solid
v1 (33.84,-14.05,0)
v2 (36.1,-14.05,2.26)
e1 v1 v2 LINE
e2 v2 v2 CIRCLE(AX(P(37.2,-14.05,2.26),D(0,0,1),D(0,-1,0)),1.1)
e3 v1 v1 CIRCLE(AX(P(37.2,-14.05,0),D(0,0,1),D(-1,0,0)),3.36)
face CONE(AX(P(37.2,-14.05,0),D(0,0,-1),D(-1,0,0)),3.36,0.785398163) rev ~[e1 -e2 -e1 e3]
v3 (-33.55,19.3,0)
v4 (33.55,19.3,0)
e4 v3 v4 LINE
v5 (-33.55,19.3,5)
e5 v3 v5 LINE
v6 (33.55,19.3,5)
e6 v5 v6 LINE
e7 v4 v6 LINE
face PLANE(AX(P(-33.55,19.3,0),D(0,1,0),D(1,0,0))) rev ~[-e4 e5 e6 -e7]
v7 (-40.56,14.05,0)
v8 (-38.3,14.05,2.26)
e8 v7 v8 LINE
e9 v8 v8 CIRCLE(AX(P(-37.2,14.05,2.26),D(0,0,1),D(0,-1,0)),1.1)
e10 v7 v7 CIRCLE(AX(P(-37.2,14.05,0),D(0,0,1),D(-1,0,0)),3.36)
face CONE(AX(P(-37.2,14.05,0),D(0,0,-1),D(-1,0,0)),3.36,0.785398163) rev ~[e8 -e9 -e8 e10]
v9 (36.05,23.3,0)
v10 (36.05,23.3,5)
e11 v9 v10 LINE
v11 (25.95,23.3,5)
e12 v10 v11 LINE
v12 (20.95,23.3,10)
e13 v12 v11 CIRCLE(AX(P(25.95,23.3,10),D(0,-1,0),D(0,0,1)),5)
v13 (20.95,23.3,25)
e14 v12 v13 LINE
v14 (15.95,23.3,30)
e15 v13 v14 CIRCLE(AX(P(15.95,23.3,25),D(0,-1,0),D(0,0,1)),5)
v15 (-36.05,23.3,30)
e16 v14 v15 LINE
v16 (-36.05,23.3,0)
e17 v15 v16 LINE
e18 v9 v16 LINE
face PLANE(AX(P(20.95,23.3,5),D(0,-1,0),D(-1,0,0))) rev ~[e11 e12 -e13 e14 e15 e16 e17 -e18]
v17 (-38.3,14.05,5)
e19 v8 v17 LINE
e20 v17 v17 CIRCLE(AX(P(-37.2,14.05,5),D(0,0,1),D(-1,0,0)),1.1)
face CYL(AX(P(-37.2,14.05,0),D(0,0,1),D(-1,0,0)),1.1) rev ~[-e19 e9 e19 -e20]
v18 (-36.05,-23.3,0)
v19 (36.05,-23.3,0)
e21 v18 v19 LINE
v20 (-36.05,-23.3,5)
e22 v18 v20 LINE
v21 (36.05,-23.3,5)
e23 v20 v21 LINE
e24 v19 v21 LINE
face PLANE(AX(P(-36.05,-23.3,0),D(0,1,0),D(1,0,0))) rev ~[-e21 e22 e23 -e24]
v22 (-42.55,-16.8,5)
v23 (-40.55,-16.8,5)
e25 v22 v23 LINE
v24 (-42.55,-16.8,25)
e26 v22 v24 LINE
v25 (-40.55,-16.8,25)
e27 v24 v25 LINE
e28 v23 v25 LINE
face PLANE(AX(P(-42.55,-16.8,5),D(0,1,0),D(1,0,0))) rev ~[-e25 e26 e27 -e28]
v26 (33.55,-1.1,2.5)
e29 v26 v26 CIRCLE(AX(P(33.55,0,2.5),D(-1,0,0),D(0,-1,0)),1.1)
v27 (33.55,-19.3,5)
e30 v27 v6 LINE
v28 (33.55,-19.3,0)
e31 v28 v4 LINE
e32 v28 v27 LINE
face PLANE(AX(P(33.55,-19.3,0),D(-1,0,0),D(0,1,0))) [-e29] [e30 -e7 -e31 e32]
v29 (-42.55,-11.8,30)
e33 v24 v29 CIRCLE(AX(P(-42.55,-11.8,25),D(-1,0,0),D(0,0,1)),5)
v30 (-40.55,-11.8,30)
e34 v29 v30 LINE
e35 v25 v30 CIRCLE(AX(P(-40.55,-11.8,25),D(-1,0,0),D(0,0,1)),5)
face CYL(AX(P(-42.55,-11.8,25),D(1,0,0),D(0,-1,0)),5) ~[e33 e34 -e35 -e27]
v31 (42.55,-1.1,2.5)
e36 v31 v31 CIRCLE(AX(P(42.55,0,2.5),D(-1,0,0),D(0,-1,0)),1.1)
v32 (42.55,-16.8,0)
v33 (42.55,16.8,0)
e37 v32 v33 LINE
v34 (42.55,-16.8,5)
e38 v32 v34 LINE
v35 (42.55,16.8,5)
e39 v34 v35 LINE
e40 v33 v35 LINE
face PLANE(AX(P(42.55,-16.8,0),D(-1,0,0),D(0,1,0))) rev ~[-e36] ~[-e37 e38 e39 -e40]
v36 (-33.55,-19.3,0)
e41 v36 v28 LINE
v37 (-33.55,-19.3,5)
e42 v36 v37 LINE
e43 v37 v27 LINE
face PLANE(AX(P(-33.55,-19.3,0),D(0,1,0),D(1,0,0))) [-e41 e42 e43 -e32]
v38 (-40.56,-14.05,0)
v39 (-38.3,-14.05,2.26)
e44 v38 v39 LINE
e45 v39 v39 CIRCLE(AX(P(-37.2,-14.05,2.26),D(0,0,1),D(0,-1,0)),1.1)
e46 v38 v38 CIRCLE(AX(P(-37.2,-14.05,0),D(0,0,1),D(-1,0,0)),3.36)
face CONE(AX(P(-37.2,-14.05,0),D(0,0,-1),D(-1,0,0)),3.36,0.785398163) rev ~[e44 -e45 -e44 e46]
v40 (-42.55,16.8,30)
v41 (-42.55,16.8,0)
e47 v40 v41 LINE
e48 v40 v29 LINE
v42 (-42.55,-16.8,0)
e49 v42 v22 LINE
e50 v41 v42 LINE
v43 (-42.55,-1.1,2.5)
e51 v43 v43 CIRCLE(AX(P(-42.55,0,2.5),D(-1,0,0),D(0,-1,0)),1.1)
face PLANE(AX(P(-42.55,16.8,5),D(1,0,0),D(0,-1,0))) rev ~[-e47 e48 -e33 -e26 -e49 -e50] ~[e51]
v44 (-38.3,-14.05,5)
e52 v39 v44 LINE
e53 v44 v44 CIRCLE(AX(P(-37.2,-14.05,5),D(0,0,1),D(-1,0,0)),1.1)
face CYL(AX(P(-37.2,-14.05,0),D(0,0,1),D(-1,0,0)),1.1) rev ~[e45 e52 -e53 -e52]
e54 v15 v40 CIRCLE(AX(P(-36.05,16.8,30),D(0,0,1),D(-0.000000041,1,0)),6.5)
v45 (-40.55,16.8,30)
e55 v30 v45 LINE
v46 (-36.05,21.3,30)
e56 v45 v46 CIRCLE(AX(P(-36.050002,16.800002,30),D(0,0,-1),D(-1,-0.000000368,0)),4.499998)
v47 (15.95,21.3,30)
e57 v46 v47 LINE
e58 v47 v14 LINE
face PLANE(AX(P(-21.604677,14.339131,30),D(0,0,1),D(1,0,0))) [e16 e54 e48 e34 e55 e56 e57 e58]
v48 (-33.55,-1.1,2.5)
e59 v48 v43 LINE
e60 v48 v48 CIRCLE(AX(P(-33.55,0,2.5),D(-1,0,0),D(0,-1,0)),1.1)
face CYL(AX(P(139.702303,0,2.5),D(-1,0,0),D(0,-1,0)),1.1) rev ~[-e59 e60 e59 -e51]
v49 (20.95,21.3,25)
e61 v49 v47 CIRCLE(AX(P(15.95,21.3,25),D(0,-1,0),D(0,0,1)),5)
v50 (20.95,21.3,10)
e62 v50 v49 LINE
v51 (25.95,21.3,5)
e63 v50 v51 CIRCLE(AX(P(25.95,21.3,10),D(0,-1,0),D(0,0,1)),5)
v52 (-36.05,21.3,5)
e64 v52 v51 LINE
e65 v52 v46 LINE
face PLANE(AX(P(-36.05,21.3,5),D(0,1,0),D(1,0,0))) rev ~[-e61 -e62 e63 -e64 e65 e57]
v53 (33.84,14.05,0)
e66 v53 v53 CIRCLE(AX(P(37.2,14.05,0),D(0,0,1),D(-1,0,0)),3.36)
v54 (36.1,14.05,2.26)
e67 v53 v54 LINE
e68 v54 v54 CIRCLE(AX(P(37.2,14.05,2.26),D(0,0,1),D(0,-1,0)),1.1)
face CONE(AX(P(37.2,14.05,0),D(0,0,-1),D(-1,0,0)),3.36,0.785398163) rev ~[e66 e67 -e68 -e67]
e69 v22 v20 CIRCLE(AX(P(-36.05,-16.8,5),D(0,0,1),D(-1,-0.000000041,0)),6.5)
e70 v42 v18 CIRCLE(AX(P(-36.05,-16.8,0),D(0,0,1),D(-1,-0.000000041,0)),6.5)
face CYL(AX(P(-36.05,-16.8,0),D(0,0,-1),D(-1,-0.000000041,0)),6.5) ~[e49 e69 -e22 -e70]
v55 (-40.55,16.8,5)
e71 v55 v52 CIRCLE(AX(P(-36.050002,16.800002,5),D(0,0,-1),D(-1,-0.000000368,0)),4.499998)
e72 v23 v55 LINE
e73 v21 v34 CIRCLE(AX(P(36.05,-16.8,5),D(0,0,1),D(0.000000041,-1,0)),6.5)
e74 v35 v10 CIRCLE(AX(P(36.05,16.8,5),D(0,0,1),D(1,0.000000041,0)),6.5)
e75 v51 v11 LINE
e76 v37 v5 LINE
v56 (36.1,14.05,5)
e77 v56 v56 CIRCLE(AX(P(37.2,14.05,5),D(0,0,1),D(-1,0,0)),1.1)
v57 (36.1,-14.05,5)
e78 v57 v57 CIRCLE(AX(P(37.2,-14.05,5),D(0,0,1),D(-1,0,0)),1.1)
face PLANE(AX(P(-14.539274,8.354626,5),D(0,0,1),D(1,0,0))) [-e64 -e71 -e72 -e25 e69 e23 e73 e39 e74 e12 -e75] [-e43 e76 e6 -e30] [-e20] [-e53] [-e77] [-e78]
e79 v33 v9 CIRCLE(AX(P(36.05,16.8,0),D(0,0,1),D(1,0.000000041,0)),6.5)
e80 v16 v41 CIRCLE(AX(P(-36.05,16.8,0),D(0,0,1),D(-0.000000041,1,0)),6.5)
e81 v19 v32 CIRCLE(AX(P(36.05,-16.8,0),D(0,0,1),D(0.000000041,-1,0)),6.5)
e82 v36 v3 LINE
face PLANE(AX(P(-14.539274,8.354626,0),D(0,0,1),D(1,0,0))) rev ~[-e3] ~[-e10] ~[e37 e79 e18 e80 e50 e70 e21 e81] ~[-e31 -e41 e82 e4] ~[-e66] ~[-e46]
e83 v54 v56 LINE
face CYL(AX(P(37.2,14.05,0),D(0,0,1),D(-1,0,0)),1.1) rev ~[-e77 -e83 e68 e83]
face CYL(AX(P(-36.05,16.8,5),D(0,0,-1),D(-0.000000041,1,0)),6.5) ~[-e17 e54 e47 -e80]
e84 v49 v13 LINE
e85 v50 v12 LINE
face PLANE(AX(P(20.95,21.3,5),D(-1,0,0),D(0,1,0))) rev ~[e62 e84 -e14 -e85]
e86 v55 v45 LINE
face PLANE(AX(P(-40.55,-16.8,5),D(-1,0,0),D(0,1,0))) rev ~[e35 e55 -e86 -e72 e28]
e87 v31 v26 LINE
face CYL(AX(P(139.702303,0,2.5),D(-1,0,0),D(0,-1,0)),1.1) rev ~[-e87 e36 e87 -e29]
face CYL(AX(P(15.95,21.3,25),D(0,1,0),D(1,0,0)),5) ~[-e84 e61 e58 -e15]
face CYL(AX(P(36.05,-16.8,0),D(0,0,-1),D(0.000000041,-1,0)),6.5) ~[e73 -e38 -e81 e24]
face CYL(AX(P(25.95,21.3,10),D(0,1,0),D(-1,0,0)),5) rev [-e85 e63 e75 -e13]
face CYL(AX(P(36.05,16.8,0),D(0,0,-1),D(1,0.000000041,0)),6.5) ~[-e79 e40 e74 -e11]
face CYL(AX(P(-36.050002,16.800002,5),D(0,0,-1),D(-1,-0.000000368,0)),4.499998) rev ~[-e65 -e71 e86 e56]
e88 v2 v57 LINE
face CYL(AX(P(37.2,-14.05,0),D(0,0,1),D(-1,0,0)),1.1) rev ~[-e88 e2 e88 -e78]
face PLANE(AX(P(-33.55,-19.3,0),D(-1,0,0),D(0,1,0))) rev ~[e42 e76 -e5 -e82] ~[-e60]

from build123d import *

# Parameters (mm, degrees)
F0_W           = 67.1
F0_H           = 38.6
F1_DEPTH       = 5
F2_DEPTH       = 5
F3_D           = 2.2
F3_CSINK_D     = 6.72
F3_CSINK_ANGLE = 90
F5_D           = 2.2
F7_DEPTH       = 25
F8_R           = 5


with BuildPart() as f1:
    # F0 (on Top) → F1 (new body)
    with BuildSketch(Plane.XY):
        with BuildLine():
            ThreePointArc((40.55, 16.8), (39.231981, 19.981981), (36.05, 21.3))
            Line((36.05, 21.3), (-36.05, 21.3))
            ThreePointArc((-36.05, 21.3), (-39.231981, 19.981981), (-40.55, 16.8))
            Line((-40.55, 16.8), (-40.55, -16.8))
            ThreePointArc((-40.55, -16.8), (-39.231981, -19.981981), (-36.05, -21.3))
            Line((-36.05, -21.3), (-14.45, -21.3))
            Line((-14.45, -21.3), (36.05, -21.3))
            ThreePointArc((36.05, -21.3), (39.231981, -19.981981), (40.55, -16.8))
            Line((40.55, -16.8), (40.55, 16.8))
        make_face()
        Rectangle(F0_W, F0_H, mode=Mode.SUBTRACT)
    extrude(amount=F1_DEPTH)

    # F0 (on Top) → F2 (join)
    with BuildSketch(Plane.XY):
        with BuildLine():
            Line((-36.05, 21.3), (36.05, 21.3))
            ThreePointArc((36.05, 21.3), (39.231981, 19.981981), (40.55, 16.8))
            Line((40.55, 16.8), (42.55, 16.8))
            ThreePointArc((42.55, 16.8), (40.646194, 21.396194), (36.05, 23.3))
            Line((36.05, 23.3), (-36.05, 23.3))
            ThreePointArc((-36.05, 23.3), (-40.646194, 21.396194), (-42.55, 16.8))
            Line((-42.55, 16.8), (-42.55, -16.8))
            ThreePointArc((-42.55, -16.8), (-40.646194, -21.396194), (-36.05, -23.3))
            Line((-36.05, -23.3), (-14.45, -23.3))
            Line((-14.45, -23.3), (-14.45, -21.3))
            Line((-14.45, -21.3), (-36.05, -21.3))
            ThreePointArc((-36.05, -21.3), (-39.231981, -19.981981), (-40.55, -16.8))
            Line((-40.55, -16.8), (-40.55, 16.8))
            ThreePointArc((-40.55, 16.8), (-39.231981, 19.981981), (-36.05, 21.3))
        make_face()
        with BuildLine():
            Line((42.55, 16.8), (40.55, 16.8))
            Line((40.55, 16.8), (40.55, -16.8))
            ThreePointArc((40.55, -16.8), (39.231981, -19.981981), (36.05, -21.3))
            Line((36.05, -21.3), (-14.45, -21.3))
            Line((-14.45, -21.3), (-14.45, -23.3))
            Line((-14.45, -23.3), (36.05, -23.3))
            ThreePointArc((36.05, -23.3), (40.646194, -21.396194), (42.55, -16.8))
            Line((42.55, -16.8), (42.55, 16.8))
        make_face()
    extrude(amount=F2_DEPTH)

    # F3 (through all)
    with Locations(Plane(origin=(0, 0, 0), x_dir=(1, 0, 0), z_dir=(0, 0, -1))):
        with Locations((37.2, 14.05), (37.2, -14.05), (-37.2, -14.05), (-37.2, 14.05)):
            CounterSinkHole(F3_D / 2, F3_CSINK_D / 2, counter_sink_angle=F3_CSINK_ANGLE)

    # F5 (through all)
    with Locations(Plane.YZ.offset(42.55)):
        with Locations((0, 2.5)):
            Hole(F5_D / 2)

    # F6 (on face) → F7 (join)
    with BuildSketch(Plane.XY.offset(5)):
        with BuildLine():
            Line((-42.55, 16.8), (-42.55, -16.8))
            Line((-42.55, -16.8), (-40.55, -16.8))
            Line((-40.55, -16.8), (-40.55, 16.8))
            ThreePointArc((-40.55, 16.8), (-39.231981, 19.981981), (-36.05, 21.3))
            Line((-36.05, 21.3), (20.95, 21.3))
            Line((20.95, 21.3), (20.95, 23.3))
            Line((20.95, 23.3), (-36.05, 23.3))
            ThreePointArc((-36.05, 23.3), (-40.646194, 21.396194), (-42.55, 16.8))
        make_face()
    extrude(amount=F7_DEPTH)

    # F8
    f8_edges = [f1.edges().sort_by_distance(p)[0] for p in [
        (-41.55, -16.8, 30),
        (20.95, 22.3, 30),
        (20.95, 22.3, 5),
    ]]
    fillet(f8_edges, radius=F8_R)


solid = f1.part
